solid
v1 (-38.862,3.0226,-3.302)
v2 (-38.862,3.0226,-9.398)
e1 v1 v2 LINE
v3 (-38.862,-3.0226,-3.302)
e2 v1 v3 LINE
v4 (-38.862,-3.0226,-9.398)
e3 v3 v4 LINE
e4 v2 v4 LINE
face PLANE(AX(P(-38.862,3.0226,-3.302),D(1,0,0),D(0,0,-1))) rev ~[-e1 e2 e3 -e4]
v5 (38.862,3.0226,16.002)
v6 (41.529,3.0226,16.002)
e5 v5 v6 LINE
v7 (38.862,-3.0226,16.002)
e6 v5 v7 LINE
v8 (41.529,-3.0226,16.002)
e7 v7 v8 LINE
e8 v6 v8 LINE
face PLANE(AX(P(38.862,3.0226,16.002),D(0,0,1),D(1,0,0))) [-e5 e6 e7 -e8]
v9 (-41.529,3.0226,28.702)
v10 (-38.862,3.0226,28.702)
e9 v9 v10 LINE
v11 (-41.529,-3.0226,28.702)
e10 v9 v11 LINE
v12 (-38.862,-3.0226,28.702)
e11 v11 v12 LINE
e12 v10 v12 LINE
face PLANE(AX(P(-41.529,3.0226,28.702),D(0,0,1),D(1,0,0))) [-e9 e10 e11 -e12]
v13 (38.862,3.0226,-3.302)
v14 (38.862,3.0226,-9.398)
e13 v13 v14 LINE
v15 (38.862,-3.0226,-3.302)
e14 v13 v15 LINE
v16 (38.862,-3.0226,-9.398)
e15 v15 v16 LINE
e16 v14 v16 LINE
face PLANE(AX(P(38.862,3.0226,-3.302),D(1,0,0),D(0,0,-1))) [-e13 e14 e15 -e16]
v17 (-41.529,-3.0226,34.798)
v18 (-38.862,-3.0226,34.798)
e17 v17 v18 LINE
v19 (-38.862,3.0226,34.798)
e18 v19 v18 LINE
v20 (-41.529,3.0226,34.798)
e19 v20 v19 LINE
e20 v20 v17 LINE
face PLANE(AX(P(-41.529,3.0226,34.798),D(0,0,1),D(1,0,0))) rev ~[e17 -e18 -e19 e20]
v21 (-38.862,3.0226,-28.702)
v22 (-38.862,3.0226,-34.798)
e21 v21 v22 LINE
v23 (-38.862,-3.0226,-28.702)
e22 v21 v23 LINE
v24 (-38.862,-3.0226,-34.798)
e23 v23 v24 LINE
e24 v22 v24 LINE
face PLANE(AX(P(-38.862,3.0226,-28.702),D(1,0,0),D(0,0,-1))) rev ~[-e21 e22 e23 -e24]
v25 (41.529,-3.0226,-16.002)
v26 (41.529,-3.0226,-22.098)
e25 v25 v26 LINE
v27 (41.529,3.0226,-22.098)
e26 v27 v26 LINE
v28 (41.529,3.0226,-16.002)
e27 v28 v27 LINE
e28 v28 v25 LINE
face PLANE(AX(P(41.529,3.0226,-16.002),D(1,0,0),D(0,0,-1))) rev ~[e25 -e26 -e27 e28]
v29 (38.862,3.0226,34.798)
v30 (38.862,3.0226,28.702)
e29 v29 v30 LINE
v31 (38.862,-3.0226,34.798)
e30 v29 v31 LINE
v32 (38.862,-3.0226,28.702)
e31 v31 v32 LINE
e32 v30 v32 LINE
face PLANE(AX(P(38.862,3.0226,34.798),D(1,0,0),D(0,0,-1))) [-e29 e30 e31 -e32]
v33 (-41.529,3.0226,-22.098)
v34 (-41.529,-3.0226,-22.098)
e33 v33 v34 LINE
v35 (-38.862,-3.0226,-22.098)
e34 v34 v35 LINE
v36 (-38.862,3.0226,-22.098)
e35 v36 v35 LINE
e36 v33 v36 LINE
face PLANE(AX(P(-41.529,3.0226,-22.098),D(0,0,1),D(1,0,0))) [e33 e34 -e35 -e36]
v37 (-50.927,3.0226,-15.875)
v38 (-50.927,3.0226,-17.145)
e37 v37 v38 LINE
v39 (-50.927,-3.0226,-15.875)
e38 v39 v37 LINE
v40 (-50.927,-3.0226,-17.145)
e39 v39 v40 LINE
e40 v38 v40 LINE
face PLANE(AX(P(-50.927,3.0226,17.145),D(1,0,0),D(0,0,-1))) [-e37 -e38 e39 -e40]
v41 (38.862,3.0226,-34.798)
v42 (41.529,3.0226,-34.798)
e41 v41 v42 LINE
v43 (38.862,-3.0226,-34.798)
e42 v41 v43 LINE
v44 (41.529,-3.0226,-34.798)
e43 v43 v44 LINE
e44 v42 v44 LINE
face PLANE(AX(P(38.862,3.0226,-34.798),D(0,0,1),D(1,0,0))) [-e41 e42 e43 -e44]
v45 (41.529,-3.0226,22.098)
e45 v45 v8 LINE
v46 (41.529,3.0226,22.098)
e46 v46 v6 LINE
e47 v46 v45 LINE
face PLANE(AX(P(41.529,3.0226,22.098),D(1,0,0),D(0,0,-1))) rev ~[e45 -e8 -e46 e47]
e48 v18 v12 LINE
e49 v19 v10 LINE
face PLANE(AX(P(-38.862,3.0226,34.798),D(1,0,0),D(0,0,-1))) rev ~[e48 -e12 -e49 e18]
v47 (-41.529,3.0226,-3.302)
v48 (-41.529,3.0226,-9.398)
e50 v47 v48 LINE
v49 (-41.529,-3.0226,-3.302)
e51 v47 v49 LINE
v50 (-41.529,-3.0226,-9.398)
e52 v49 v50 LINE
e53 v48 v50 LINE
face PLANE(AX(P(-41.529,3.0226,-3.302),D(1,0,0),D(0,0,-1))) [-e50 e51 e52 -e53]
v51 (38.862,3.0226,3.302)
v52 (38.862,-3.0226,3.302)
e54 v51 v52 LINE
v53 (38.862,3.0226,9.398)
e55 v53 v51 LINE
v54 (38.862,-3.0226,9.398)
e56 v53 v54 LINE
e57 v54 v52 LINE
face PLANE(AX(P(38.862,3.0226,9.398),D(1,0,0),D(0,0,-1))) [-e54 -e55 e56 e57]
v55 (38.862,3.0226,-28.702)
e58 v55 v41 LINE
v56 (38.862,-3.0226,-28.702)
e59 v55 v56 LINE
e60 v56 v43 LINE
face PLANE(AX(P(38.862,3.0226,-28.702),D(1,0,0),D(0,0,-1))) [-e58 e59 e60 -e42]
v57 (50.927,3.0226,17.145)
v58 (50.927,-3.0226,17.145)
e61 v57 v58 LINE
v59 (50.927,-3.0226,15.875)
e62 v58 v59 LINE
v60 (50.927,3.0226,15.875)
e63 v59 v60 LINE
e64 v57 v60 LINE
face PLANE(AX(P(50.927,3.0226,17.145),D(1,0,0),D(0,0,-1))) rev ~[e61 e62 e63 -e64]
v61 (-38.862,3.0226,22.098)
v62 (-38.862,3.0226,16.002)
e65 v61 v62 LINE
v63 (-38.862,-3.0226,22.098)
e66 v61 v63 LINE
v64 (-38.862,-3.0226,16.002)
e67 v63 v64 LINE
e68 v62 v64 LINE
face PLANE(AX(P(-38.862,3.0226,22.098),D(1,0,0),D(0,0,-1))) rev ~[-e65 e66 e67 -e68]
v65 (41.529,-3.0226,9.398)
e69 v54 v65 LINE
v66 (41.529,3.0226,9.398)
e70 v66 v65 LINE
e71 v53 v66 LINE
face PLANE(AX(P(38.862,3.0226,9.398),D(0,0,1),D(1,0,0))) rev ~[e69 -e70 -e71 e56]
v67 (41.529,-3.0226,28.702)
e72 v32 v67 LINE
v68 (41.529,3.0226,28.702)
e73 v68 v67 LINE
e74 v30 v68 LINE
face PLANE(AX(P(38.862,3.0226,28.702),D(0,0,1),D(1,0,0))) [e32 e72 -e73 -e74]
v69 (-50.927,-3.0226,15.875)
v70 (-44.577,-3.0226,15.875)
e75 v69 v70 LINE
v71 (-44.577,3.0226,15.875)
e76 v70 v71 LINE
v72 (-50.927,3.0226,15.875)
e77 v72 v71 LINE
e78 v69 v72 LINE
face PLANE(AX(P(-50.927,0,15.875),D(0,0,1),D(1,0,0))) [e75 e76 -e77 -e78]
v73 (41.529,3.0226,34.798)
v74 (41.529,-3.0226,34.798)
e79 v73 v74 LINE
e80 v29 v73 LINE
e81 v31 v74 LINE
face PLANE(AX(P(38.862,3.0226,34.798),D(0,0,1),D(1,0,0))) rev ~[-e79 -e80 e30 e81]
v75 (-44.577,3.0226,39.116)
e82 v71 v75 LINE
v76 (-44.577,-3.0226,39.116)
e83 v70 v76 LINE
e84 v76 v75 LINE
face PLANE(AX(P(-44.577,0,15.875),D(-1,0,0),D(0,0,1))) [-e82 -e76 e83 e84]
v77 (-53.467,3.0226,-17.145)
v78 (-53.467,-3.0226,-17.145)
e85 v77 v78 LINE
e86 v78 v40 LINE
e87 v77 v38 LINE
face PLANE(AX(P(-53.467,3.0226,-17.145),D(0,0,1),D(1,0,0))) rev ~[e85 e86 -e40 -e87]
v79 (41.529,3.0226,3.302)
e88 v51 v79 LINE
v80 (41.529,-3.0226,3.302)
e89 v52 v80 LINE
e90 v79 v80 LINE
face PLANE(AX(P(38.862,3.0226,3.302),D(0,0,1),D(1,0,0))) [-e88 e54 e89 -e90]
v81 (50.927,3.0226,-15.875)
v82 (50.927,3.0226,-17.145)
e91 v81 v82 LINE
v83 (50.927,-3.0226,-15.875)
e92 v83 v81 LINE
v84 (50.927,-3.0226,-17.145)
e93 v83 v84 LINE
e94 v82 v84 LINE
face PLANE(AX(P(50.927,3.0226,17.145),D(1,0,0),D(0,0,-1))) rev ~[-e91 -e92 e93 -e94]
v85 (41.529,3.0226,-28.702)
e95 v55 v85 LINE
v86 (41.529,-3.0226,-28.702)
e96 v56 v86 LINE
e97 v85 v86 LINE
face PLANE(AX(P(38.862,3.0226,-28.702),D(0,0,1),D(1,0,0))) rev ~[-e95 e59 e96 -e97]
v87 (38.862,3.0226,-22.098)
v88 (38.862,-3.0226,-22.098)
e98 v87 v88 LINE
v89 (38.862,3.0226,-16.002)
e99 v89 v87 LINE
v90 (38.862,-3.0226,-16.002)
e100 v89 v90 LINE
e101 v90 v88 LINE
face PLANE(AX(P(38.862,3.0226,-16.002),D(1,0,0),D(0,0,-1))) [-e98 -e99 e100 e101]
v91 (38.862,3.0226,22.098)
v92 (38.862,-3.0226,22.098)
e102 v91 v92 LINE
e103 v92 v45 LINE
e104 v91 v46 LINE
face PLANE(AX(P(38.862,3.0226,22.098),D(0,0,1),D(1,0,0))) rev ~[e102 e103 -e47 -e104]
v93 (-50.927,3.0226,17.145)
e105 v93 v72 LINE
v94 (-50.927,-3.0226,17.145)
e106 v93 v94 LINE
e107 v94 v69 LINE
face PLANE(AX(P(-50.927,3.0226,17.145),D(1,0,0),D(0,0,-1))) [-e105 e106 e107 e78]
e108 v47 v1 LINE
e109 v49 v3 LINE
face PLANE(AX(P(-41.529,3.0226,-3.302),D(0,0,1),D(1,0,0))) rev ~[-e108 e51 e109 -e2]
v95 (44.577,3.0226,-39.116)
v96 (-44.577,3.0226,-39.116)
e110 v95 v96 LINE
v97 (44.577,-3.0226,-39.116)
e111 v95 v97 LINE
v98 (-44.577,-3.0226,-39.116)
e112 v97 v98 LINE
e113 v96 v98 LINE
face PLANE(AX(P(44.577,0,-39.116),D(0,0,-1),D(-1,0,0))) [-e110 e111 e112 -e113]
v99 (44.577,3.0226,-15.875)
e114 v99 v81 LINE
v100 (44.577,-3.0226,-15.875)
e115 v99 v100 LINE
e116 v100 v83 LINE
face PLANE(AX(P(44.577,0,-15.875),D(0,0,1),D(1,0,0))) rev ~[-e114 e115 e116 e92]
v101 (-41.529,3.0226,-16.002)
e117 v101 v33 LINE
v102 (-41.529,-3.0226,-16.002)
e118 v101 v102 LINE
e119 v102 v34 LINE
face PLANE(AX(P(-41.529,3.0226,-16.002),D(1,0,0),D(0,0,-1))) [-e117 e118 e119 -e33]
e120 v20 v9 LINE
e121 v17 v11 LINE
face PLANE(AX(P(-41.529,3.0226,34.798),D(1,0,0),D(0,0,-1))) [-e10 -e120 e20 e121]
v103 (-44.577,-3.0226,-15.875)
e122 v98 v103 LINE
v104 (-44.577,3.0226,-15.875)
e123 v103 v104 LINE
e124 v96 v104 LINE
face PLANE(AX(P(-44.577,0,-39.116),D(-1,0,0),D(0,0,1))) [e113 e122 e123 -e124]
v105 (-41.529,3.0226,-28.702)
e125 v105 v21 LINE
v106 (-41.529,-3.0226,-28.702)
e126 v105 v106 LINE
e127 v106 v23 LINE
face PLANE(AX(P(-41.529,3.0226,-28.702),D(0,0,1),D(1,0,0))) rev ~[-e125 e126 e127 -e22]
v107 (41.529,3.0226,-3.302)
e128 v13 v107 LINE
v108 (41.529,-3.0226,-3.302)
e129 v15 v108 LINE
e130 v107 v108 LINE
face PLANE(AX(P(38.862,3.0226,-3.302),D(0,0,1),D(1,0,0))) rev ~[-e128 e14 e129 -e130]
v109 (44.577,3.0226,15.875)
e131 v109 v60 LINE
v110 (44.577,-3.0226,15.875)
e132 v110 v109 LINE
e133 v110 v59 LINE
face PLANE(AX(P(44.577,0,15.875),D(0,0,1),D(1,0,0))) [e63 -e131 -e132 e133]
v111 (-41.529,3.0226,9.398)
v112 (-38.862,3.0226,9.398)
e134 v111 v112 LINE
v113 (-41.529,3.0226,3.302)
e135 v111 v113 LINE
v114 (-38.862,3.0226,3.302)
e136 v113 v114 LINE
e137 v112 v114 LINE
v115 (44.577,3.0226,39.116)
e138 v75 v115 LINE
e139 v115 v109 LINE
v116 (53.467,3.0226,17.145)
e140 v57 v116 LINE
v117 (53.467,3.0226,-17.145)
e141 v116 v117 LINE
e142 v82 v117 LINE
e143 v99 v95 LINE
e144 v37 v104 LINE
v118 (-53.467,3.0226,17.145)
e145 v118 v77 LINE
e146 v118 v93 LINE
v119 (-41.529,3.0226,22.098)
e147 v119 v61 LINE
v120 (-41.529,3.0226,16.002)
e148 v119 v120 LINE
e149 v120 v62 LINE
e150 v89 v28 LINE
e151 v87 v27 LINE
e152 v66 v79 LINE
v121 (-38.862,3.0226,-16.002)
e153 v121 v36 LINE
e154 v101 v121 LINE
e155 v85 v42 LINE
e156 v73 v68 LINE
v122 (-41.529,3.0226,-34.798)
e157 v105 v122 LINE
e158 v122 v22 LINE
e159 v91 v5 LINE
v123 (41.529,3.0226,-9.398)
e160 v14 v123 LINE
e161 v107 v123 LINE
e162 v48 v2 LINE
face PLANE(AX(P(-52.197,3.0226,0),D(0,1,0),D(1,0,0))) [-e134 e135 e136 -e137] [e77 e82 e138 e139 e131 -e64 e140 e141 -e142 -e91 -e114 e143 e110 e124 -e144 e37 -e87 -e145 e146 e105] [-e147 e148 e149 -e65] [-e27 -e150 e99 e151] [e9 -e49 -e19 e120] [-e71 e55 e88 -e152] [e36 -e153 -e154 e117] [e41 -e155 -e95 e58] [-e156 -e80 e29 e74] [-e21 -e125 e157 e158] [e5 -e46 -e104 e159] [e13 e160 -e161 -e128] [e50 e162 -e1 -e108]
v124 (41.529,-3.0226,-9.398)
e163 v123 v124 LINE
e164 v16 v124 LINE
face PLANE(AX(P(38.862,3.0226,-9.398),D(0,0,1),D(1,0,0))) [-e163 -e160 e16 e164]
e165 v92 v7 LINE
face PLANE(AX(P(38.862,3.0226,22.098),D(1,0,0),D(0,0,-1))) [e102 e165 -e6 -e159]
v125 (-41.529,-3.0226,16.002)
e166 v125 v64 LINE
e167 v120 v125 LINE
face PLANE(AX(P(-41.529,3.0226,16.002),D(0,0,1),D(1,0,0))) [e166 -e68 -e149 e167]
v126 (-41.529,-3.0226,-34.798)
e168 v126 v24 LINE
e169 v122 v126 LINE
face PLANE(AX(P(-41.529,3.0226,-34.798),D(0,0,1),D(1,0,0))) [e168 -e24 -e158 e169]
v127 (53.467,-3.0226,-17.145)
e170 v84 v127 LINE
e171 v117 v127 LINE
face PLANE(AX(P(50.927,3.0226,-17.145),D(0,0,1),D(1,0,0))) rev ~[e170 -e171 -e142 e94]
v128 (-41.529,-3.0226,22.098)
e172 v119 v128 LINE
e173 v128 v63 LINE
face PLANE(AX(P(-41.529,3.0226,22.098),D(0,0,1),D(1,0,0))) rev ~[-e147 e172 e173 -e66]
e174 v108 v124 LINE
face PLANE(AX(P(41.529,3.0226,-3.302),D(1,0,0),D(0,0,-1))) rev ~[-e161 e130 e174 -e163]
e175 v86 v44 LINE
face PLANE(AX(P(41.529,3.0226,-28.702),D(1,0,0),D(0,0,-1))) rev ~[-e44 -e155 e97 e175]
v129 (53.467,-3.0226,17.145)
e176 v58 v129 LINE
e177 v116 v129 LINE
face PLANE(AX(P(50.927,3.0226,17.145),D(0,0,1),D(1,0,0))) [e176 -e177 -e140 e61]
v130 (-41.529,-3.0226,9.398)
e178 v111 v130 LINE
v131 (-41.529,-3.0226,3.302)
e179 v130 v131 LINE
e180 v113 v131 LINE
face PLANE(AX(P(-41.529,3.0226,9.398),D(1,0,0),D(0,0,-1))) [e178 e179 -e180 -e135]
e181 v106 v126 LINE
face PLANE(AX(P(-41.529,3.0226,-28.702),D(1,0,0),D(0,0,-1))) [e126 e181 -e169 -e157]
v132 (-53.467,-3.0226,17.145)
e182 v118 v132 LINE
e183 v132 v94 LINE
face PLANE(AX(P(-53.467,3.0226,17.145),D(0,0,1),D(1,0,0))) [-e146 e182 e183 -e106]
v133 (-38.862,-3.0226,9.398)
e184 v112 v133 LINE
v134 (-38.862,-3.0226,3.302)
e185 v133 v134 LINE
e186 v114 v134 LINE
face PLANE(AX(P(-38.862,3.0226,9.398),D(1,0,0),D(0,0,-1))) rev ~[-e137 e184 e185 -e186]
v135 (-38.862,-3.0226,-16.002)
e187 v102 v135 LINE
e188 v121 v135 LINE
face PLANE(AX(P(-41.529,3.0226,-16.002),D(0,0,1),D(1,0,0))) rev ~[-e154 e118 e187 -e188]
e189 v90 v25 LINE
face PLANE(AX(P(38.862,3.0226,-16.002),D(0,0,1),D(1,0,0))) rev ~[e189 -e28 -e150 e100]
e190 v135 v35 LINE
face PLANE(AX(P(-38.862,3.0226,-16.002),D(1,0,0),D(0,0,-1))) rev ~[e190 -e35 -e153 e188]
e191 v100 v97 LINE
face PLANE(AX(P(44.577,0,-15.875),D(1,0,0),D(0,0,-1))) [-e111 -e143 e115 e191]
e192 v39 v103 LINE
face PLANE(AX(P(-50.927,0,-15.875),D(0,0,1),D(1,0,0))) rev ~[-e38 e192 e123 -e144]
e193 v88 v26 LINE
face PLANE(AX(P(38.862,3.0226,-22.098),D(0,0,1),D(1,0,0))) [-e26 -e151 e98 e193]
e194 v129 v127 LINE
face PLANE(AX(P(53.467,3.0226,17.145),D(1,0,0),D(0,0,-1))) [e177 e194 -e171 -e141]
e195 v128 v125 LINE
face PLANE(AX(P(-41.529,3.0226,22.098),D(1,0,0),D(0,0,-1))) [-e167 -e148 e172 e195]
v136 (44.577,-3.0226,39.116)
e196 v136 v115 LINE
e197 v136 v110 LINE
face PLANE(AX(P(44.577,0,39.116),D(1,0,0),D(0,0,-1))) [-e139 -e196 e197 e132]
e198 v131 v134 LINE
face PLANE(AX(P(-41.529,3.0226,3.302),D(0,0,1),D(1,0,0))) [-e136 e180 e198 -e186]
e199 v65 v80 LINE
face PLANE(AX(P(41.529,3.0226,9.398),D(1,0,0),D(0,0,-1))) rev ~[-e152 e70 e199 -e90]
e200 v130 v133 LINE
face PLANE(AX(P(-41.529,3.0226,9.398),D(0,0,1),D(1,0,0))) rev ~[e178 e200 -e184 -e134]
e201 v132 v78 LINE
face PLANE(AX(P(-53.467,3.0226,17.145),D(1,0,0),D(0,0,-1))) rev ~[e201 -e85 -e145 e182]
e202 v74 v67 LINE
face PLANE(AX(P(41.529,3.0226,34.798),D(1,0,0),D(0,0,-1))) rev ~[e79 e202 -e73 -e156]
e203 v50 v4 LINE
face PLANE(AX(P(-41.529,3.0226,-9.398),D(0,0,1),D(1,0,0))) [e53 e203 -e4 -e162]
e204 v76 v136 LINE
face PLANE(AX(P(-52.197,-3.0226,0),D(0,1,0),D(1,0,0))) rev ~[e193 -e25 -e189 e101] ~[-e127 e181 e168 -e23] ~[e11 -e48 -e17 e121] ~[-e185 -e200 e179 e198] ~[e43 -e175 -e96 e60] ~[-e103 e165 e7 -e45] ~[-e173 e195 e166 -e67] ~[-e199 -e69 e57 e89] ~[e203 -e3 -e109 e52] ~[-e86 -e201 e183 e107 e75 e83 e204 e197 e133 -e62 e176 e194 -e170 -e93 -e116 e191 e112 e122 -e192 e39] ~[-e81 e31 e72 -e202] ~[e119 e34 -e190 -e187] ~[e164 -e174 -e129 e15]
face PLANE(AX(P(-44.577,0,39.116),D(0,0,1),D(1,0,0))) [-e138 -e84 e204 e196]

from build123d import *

# Parameters (mm, degrees)
SKETCH1_W           = 6.35
SKETCH1_H           = 31.75
BOSS_EXTRUDE1_DEPTH = 3.0226
SKETCH4_W           = 2.667
SKETCH4_H           = 6.096
CUT_EXTRUDE2_DEPTH  = 6.0452
SKETCH5_W           = 2.54
SKETCH5_H           = 34.29
BOSS_EXTRUDE2_DEPTH = 6.0452


with BuildPart() as part:
    # Sketch1 → Boss-Extrude1 (new, symmetric)
    with BuildSketch(Plane(origin=(0, 0, 0), x_dir=(1, 0, 0), z_dir=(0, 1, 0))):
        Polygon((0, -39.116), (0, 39.116), (-44.577, 39.116), (-44.577, 15.875), (-44.577, -15.875), (-44.577, -39.116), align=None)
        with Locations((-47.752, 0)):
            Rectangle(SKETCH1_W, SKETCH1_H)
        Polygon((44.577, 39.116), (0, 39.116), (0, -39.116), (44.577, -39.116), (44.577, -15.875), (44.577, 15.875), align=None)
        with Locations((47.752, 0)):
            Rectangle(SKETCH1_W, SKETCH1_H)
    extrude(amount=BOSS_EXTRUDE1_DEPTH, both=True)

    # Sketch4 → Cut-Extrude2 (cut)
    with BuildSketch(Plane(origin=(0, 3.0226, 0), x_dir=(1, 0, 0), z_dir=(0, 1, 0))):
        with Locations((-40.1955, -31.75)):
            Rectangle(SKETCH4_W, SKETCH4_H)
        with Locations((-40.1955, -19.05)):
            Rectangle(SKETCH4_W, SKETCH4_H)
        with Locations((-40.1955, -6.35)):
            Rectangle(SKETCH4_W, SKETCH4_H)
        with Locations((-40.1955, 6.35)):
            Rectangle(SKETCH4_W, SKETCH4_H)
        with Locations((-40.1955, 19.05)):
            Rectangle(SKETCH4_W, SKETCH4_H)
        with Locations((-40.1955, 31.75)):
            Rectangle(SKETCH4_W, SKETCH4_H)
        with Locations((40.1955, -19.05)):
            Rectangle(SKETCH4_W, SKETCH4_H)
        with Locations((40.1955, -6.35)):
            Rectangle(SKETCH4_W, SKETCH4_H)
        with Locations((40.1955, 6.35)):
            Rectangle(SKETCH4_W, SKETCH4_H)
        with Locations((40.1955, 19.05)):
            Rectangle(SKETCH4_W, SKETCH4_H)
        with Locations((40.1955, 31.75)):
            Rectangle(SKETCH4_W, SKETCH4_H)
        with Locations((40.1955, -31.75)):
            Rectangle(SKETCH4_W, SKETCH4_H)
    extrude(amount=-CUT_EXTRUDE2_DEPTH, mode=Mode.SUBTRACT)

    # Sketch5 → Boss-Extrude2 (add)
    with BuildSketch(Plane(origin=(0, 3.0226, 0), x_dir=(1, 0, 0), z_dir=(0, 1, 0))):
        with Locations((-52.197, 0)):
            Rectangle(SKETCH5_W, SKETCH5_H)
        with Locations((52.197, 0)):
            Rectangle(SKETCH5_W, SKETCH5_H)
    extrude(amount=-BOSS_EXTRUDE2_DEPTH)


solid = part.part
